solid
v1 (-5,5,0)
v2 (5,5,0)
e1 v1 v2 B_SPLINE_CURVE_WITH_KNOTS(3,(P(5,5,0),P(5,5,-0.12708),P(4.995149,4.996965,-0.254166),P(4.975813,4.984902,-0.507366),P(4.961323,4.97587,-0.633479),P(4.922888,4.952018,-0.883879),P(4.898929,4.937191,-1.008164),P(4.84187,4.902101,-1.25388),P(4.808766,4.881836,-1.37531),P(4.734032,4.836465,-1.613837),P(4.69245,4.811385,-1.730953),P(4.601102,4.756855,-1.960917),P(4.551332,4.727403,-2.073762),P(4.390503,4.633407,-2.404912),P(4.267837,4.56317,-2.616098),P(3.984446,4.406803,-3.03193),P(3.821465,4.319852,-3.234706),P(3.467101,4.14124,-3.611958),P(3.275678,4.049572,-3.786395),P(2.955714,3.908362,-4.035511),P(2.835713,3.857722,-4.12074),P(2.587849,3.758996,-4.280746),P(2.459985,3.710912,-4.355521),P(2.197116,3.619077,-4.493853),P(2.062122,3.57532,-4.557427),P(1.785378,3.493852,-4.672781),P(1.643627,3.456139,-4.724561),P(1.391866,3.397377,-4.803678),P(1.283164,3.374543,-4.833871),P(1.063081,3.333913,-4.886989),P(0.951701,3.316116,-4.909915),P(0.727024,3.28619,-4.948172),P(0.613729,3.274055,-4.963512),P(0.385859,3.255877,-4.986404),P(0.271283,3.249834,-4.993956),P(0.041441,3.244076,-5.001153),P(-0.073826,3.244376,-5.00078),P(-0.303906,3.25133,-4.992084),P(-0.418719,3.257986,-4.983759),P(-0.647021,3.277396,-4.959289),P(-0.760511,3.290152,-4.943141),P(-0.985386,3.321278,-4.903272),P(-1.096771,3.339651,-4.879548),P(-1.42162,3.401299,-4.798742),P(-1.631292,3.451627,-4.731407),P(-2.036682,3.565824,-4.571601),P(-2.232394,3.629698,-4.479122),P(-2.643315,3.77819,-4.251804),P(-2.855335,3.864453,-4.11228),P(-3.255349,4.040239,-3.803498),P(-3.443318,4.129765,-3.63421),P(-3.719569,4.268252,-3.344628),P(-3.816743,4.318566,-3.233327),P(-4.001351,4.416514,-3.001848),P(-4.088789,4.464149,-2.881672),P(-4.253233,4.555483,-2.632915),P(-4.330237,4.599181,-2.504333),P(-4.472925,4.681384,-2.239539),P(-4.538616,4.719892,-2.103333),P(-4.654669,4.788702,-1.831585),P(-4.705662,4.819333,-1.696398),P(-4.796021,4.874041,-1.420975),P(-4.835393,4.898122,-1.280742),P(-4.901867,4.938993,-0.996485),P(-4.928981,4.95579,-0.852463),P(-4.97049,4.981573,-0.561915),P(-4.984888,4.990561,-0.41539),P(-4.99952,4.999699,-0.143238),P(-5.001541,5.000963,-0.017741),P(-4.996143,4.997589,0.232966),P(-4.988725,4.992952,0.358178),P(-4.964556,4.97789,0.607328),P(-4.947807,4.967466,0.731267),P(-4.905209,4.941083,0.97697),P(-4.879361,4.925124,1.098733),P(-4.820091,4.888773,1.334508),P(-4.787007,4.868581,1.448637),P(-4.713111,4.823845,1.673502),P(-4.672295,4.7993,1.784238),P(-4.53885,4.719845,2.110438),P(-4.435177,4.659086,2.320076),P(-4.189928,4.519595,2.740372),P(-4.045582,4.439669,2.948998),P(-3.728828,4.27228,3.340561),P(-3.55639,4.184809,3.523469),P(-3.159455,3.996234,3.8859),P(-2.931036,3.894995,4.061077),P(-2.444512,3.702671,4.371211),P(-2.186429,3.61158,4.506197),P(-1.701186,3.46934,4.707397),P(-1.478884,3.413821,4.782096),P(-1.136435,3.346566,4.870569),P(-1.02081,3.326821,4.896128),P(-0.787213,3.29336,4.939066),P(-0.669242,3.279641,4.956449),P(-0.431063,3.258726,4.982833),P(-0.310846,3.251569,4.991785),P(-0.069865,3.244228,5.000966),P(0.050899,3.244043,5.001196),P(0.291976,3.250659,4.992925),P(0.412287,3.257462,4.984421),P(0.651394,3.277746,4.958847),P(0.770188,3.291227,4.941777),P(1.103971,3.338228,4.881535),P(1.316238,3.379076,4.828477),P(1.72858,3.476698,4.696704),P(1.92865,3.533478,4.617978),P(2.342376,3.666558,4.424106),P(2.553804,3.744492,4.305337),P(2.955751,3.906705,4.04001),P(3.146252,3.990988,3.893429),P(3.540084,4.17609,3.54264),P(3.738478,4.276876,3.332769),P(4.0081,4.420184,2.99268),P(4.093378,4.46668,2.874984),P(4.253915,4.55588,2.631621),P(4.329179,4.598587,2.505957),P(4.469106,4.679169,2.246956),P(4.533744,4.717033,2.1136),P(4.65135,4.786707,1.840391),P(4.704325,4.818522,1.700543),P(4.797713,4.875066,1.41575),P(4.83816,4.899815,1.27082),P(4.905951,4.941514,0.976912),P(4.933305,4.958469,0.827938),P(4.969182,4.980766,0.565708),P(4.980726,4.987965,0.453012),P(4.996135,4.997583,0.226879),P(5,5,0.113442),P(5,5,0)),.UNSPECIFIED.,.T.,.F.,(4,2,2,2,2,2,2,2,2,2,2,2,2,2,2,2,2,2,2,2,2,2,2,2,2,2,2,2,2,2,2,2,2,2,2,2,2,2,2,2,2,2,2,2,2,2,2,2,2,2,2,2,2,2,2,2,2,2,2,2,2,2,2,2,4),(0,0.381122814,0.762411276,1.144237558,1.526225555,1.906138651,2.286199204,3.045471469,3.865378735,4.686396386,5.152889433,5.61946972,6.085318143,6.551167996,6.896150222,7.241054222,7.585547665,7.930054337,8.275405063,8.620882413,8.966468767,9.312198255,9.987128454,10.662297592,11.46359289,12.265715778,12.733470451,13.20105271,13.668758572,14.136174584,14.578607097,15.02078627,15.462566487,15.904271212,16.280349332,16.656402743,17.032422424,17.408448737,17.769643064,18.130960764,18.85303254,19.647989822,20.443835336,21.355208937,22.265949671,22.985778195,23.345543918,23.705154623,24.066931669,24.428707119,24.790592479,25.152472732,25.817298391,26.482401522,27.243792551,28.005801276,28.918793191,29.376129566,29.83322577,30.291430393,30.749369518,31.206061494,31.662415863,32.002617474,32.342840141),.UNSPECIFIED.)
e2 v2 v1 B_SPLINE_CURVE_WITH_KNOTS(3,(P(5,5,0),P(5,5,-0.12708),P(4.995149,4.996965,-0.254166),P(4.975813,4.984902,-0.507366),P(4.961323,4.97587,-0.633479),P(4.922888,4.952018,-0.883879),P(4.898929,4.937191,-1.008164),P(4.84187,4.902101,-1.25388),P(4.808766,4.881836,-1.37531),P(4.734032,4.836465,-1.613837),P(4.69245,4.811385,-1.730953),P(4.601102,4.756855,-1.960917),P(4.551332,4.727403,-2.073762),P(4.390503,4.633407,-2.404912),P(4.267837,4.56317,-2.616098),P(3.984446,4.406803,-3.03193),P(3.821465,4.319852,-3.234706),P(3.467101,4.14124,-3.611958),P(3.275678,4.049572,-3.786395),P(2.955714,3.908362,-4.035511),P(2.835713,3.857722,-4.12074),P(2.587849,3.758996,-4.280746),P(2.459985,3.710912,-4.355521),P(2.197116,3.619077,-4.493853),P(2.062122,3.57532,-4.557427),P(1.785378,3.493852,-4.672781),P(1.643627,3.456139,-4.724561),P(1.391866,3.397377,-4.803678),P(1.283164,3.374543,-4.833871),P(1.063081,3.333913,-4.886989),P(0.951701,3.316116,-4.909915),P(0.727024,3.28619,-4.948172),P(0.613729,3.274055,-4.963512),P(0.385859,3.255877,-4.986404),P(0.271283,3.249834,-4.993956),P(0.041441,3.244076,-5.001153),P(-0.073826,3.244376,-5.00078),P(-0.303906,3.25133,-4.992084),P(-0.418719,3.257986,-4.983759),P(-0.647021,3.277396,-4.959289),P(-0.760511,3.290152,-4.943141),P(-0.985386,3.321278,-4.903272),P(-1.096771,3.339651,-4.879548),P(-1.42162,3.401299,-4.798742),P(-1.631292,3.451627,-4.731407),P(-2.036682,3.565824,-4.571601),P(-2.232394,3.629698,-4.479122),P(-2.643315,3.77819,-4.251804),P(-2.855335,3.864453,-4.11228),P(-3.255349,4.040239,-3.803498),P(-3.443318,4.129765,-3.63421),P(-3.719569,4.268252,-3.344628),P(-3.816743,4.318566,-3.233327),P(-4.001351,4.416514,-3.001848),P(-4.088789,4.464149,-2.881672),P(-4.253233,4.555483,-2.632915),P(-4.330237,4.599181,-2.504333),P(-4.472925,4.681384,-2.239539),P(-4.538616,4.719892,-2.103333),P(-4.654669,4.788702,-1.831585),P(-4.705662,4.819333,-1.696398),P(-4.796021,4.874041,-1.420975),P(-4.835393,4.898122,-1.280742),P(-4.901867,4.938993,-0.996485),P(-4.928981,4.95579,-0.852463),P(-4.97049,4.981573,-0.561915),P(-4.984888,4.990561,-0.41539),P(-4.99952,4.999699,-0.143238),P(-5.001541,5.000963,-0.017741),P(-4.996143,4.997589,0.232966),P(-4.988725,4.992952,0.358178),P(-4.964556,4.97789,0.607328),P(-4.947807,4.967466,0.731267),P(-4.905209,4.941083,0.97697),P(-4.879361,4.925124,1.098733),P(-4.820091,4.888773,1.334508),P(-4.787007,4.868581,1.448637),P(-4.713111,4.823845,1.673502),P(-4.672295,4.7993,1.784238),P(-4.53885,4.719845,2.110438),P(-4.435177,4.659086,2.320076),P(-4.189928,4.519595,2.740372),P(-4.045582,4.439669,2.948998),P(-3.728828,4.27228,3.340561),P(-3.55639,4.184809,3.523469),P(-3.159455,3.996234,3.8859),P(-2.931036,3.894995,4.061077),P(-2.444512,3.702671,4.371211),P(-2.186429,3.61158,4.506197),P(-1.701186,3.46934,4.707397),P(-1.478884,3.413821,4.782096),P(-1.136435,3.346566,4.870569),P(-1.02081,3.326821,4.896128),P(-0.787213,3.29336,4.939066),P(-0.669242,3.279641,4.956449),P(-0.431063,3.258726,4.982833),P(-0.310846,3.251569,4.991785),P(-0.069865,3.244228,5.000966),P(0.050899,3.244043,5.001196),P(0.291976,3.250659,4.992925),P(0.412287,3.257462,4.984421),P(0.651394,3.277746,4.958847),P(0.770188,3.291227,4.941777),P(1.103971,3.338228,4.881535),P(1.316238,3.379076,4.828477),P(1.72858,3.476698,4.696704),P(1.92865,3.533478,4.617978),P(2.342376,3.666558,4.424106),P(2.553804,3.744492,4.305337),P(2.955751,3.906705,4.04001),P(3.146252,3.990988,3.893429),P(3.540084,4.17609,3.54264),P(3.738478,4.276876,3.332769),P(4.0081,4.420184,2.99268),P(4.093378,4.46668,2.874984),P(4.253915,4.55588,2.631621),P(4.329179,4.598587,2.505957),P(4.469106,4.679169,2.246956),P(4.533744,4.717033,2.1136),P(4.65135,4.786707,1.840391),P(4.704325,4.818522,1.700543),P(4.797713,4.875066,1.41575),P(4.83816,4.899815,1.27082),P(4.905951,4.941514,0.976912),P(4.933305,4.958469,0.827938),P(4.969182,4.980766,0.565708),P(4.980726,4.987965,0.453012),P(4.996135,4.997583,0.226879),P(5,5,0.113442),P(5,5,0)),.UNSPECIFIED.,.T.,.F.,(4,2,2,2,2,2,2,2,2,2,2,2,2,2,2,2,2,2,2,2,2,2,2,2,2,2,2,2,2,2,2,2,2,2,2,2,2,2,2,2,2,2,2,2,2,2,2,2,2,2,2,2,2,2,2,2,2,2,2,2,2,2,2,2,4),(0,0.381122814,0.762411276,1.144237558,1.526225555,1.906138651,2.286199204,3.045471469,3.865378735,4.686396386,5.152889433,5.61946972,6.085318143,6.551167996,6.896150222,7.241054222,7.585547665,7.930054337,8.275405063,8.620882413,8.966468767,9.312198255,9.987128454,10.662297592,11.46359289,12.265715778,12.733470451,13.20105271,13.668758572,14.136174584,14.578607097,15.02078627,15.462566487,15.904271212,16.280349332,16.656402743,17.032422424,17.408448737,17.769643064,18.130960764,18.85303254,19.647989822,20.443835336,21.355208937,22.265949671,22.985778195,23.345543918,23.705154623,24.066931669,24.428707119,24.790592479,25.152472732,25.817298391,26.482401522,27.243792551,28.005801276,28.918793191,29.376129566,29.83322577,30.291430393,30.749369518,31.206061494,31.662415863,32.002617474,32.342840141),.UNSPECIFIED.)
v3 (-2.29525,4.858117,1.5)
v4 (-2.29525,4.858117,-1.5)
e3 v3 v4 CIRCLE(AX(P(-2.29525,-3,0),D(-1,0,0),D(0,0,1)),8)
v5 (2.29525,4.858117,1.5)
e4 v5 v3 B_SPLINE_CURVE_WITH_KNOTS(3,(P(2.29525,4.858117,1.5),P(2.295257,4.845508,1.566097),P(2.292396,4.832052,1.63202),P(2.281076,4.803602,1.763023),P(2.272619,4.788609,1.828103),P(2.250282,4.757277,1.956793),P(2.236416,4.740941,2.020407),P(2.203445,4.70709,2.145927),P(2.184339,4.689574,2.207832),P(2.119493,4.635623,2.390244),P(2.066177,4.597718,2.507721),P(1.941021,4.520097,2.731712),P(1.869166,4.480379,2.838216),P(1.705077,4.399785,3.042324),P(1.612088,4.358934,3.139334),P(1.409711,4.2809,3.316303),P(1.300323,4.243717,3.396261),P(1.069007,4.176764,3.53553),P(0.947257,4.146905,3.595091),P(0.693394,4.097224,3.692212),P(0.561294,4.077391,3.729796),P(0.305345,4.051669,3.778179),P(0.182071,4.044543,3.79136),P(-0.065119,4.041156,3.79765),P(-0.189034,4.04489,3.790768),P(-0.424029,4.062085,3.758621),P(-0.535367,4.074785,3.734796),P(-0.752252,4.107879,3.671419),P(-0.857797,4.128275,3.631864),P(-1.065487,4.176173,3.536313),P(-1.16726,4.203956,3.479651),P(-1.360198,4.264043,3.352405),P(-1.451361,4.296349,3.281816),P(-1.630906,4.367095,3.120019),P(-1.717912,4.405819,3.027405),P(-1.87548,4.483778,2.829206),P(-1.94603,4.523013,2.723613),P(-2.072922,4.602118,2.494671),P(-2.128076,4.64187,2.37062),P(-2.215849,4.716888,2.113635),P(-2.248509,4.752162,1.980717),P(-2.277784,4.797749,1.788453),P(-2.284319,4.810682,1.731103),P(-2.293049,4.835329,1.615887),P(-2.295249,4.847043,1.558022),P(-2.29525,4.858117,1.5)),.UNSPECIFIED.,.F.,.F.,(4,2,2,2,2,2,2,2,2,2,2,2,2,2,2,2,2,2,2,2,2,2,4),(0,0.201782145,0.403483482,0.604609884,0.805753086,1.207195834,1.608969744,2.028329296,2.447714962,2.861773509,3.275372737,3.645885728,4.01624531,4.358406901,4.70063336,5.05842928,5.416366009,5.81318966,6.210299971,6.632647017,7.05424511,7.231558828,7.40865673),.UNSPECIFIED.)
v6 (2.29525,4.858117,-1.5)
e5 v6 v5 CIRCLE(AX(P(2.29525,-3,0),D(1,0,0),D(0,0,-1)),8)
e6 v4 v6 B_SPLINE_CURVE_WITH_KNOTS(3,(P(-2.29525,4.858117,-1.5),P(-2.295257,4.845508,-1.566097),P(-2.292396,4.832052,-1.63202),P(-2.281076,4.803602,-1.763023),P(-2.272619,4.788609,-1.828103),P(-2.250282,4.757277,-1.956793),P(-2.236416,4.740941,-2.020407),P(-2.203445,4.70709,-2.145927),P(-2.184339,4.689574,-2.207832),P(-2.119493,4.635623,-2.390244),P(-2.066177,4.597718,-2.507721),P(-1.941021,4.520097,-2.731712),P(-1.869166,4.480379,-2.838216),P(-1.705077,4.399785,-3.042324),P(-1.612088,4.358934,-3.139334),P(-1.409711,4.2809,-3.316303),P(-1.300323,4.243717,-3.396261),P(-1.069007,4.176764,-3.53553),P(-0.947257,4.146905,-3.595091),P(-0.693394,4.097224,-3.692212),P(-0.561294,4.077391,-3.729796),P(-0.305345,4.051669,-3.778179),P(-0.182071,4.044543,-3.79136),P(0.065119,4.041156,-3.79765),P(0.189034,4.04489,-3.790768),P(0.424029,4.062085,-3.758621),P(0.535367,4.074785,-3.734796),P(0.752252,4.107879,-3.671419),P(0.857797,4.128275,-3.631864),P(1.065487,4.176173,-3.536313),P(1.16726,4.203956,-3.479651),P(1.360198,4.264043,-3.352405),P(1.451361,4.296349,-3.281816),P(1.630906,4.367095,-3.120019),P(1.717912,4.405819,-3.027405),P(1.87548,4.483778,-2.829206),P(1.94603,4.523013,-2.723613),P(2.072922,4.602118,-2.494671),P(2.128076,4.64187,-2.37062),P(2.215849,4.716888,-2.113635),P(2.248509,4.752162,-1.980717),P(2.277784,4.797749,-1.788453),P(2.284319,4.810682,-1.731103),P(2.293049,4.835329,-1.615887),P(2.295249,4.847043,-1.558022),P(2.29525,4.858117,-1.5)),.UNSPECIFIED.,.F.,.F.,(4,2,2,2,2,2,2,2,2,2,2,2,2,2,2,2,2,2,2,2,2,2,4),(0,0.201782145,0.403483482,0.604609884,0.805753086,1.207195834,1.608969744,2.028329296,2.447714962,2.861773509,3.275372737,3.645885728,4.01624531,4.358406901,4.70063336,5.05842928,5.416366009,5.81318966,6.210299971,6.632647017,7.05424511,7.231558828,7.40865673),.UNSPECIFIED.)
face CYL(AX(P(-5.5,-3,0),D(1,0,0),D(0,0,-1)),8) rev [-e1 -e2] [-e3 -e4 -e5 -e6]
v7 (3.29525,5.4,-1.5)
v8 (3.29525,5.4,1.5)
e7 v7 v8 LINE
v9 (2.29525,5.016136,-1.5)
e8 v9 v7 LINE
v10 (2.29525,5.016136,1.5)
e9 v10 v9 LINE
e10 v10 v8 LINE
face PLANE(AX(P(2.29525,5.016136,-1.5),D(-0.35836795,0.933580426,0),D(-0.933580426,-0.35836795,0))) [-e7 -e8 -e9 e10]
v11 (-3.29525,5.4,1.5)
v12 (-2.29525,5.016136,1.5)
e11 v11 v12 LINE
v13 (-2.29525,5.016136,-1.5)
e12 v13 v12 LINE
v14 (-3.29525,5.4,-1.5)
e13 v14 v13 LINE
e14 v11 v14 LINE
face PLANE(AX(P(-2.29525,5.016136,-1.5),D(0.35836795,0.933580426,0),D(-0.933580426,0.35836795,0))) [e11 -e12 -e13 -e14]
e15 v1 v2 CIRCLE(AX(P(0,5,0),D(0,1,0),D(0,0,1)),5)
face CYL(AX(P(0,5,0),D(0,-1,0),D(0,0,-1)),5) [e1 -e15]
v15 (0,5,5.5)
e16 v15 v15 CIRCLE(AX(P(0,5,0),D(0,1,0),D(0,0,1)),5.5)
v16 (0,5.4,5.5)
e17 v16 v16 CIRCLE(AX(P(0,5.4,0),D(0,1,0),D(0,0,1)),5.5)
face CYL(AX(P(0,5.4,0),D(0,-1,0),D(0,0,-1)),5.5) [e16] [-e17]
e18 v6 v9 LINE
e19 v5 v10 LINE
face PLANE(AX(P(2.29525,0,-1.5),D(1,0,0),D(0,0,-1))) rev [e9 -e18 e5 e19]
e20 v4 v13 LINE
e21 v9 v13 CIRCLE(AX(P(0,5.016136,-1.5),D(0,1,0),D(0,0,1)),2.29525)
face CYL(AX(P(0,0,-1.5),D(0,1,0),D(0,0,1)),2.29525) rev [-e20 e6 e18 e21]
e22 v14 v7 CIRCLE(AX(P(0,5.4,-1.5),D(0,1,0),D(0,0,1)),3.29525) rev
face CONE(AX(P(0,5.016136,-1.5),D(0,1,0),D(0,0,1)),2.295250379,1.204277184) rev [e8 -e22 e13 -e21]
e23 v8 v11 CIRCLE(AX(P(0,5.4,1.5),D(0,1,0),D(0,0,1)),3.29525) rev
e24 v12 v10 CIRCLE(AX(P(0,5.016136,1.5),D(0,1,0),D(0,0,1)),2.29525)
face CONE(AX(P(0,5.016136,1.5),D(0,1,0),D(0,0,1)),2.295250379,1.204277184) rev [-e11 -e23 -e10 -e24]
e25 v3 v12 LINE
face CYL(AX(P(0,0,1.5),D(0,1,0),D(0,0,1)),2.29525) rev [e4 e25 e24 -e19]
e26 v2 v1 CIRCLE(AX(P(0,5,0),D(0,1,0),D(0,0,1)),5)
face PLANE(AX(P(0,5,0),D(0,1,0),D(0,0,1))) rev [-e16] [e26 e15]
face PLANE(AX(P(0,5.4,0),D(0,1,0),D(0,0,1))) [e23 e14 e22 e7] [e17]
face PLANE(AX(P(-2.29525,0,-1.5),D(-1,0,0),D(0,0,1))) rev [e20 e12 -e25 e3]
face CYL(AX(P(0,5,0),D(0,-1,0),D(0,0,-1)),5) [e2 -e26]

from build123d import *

# Parameters (mm, degrees)
SKETCH1_R               = 5
BOSS_EXTRUDE1_DEPTH     = 5
SKETCH2_R               = 5.5
BOSS_EXTRUDE2_DEPTH     = 0.4
CUT_EXTRUDE1_DEPTH      = 6.4
SKETCH5_R               = 8
CUT_EXTRUDE2_DEPTH      = 6.5
CUT_EXTRUDE2_DEPTH_BACK = 6.5
CHAMFER4_SIZE           = 1
CHAMFER4_SIZE2          = 0.383864035


with BuildPart() as part:
    # Sketch1 → Boss-Extrude1 (new body)
    with BuildSketch(Plane(origin=(0, 0, 0), x_dir=(1, 0, 0), z_dir=(0, 1, 0))):
        Circle(SKETCH1_R)
    extrude(amount=BOSS_EXTRUDE1_DEPTH)

    # Sketch2 → Boss-Extrude2 (add)
    with BuildSketch(Plane(origin=(0, 5, 0), x_dir=(1, 0, 0), z_dir=(0, 1, 0))):
        Circle(SKETCH2_R)
    extrude(amount=BOSS_EXTRUDE2_DEPTH)

    # Sketch4 → Cut-Extrude1 (cut, through all)
    with BuildSketch(Plane(origin=(0, 5.4, 0), x_dir=(1, 0, 0), z_dir=(0, 1, 0))):
        with BuildLine():
            Line((2.295250379, 1.5), (2.295250379, -1.5))
            ThreePointArc((2.295250379, -1.5), (0, -3.795250379), (-2.295250379, -1.5))
            Line((-2.295250379, -1.5), (-2.295250379, 1.5))
            ThreePointArc((-2.295250379, 1.5), (0, 3.795250379), (2.295250379, 1.5))
        make_face()
    extrude(amount=-CUT_EXTRUDE1_DEPTH, mode=Mode.SUBTRACT)

    # Sketch5 → Cut-Extrude2 (cut, two sides)
    with BuildSketch(Plane(origin=(0, 0, 0), x_dir=(0, 0, -1), z_dir=(1, 0, 0))) as cut_extrude2_sk:
        with Locations((0, -3)):
            Circle(SKETCH5_R)
    extrude(amount=CUT_EXTRUDE2_DEPTH, mode=Mode.SUBTRACT)
    extrude(cut_extrude2_sk.sketch, amount=-CUT_EXTRUDE2_DEPTH_BACK, mode=Mode.SUBTRACT)

    # Chamfer4
    chamfer4_edges = [part.edges().sort_by_distance(p)[0] for p in [
        (0, 5.4, -3.795250379),
        (-2.295250379, 5.4, 0),
        (0, 5.4, 3.795250379),
        (2.295250379, 5.4, 0),
    ]]
    chamfer4_side = [part.faces().sort_by_distance(p)[0] for p in [
        (-5.344436508, 5.4, 0),
    ]]
    chamfer(chamfer4_edges, length=CHAMFER4_SIZE, length2=CHAMFER4_SIZE2, reference=chamfer4_side[0])


solid = part.part
